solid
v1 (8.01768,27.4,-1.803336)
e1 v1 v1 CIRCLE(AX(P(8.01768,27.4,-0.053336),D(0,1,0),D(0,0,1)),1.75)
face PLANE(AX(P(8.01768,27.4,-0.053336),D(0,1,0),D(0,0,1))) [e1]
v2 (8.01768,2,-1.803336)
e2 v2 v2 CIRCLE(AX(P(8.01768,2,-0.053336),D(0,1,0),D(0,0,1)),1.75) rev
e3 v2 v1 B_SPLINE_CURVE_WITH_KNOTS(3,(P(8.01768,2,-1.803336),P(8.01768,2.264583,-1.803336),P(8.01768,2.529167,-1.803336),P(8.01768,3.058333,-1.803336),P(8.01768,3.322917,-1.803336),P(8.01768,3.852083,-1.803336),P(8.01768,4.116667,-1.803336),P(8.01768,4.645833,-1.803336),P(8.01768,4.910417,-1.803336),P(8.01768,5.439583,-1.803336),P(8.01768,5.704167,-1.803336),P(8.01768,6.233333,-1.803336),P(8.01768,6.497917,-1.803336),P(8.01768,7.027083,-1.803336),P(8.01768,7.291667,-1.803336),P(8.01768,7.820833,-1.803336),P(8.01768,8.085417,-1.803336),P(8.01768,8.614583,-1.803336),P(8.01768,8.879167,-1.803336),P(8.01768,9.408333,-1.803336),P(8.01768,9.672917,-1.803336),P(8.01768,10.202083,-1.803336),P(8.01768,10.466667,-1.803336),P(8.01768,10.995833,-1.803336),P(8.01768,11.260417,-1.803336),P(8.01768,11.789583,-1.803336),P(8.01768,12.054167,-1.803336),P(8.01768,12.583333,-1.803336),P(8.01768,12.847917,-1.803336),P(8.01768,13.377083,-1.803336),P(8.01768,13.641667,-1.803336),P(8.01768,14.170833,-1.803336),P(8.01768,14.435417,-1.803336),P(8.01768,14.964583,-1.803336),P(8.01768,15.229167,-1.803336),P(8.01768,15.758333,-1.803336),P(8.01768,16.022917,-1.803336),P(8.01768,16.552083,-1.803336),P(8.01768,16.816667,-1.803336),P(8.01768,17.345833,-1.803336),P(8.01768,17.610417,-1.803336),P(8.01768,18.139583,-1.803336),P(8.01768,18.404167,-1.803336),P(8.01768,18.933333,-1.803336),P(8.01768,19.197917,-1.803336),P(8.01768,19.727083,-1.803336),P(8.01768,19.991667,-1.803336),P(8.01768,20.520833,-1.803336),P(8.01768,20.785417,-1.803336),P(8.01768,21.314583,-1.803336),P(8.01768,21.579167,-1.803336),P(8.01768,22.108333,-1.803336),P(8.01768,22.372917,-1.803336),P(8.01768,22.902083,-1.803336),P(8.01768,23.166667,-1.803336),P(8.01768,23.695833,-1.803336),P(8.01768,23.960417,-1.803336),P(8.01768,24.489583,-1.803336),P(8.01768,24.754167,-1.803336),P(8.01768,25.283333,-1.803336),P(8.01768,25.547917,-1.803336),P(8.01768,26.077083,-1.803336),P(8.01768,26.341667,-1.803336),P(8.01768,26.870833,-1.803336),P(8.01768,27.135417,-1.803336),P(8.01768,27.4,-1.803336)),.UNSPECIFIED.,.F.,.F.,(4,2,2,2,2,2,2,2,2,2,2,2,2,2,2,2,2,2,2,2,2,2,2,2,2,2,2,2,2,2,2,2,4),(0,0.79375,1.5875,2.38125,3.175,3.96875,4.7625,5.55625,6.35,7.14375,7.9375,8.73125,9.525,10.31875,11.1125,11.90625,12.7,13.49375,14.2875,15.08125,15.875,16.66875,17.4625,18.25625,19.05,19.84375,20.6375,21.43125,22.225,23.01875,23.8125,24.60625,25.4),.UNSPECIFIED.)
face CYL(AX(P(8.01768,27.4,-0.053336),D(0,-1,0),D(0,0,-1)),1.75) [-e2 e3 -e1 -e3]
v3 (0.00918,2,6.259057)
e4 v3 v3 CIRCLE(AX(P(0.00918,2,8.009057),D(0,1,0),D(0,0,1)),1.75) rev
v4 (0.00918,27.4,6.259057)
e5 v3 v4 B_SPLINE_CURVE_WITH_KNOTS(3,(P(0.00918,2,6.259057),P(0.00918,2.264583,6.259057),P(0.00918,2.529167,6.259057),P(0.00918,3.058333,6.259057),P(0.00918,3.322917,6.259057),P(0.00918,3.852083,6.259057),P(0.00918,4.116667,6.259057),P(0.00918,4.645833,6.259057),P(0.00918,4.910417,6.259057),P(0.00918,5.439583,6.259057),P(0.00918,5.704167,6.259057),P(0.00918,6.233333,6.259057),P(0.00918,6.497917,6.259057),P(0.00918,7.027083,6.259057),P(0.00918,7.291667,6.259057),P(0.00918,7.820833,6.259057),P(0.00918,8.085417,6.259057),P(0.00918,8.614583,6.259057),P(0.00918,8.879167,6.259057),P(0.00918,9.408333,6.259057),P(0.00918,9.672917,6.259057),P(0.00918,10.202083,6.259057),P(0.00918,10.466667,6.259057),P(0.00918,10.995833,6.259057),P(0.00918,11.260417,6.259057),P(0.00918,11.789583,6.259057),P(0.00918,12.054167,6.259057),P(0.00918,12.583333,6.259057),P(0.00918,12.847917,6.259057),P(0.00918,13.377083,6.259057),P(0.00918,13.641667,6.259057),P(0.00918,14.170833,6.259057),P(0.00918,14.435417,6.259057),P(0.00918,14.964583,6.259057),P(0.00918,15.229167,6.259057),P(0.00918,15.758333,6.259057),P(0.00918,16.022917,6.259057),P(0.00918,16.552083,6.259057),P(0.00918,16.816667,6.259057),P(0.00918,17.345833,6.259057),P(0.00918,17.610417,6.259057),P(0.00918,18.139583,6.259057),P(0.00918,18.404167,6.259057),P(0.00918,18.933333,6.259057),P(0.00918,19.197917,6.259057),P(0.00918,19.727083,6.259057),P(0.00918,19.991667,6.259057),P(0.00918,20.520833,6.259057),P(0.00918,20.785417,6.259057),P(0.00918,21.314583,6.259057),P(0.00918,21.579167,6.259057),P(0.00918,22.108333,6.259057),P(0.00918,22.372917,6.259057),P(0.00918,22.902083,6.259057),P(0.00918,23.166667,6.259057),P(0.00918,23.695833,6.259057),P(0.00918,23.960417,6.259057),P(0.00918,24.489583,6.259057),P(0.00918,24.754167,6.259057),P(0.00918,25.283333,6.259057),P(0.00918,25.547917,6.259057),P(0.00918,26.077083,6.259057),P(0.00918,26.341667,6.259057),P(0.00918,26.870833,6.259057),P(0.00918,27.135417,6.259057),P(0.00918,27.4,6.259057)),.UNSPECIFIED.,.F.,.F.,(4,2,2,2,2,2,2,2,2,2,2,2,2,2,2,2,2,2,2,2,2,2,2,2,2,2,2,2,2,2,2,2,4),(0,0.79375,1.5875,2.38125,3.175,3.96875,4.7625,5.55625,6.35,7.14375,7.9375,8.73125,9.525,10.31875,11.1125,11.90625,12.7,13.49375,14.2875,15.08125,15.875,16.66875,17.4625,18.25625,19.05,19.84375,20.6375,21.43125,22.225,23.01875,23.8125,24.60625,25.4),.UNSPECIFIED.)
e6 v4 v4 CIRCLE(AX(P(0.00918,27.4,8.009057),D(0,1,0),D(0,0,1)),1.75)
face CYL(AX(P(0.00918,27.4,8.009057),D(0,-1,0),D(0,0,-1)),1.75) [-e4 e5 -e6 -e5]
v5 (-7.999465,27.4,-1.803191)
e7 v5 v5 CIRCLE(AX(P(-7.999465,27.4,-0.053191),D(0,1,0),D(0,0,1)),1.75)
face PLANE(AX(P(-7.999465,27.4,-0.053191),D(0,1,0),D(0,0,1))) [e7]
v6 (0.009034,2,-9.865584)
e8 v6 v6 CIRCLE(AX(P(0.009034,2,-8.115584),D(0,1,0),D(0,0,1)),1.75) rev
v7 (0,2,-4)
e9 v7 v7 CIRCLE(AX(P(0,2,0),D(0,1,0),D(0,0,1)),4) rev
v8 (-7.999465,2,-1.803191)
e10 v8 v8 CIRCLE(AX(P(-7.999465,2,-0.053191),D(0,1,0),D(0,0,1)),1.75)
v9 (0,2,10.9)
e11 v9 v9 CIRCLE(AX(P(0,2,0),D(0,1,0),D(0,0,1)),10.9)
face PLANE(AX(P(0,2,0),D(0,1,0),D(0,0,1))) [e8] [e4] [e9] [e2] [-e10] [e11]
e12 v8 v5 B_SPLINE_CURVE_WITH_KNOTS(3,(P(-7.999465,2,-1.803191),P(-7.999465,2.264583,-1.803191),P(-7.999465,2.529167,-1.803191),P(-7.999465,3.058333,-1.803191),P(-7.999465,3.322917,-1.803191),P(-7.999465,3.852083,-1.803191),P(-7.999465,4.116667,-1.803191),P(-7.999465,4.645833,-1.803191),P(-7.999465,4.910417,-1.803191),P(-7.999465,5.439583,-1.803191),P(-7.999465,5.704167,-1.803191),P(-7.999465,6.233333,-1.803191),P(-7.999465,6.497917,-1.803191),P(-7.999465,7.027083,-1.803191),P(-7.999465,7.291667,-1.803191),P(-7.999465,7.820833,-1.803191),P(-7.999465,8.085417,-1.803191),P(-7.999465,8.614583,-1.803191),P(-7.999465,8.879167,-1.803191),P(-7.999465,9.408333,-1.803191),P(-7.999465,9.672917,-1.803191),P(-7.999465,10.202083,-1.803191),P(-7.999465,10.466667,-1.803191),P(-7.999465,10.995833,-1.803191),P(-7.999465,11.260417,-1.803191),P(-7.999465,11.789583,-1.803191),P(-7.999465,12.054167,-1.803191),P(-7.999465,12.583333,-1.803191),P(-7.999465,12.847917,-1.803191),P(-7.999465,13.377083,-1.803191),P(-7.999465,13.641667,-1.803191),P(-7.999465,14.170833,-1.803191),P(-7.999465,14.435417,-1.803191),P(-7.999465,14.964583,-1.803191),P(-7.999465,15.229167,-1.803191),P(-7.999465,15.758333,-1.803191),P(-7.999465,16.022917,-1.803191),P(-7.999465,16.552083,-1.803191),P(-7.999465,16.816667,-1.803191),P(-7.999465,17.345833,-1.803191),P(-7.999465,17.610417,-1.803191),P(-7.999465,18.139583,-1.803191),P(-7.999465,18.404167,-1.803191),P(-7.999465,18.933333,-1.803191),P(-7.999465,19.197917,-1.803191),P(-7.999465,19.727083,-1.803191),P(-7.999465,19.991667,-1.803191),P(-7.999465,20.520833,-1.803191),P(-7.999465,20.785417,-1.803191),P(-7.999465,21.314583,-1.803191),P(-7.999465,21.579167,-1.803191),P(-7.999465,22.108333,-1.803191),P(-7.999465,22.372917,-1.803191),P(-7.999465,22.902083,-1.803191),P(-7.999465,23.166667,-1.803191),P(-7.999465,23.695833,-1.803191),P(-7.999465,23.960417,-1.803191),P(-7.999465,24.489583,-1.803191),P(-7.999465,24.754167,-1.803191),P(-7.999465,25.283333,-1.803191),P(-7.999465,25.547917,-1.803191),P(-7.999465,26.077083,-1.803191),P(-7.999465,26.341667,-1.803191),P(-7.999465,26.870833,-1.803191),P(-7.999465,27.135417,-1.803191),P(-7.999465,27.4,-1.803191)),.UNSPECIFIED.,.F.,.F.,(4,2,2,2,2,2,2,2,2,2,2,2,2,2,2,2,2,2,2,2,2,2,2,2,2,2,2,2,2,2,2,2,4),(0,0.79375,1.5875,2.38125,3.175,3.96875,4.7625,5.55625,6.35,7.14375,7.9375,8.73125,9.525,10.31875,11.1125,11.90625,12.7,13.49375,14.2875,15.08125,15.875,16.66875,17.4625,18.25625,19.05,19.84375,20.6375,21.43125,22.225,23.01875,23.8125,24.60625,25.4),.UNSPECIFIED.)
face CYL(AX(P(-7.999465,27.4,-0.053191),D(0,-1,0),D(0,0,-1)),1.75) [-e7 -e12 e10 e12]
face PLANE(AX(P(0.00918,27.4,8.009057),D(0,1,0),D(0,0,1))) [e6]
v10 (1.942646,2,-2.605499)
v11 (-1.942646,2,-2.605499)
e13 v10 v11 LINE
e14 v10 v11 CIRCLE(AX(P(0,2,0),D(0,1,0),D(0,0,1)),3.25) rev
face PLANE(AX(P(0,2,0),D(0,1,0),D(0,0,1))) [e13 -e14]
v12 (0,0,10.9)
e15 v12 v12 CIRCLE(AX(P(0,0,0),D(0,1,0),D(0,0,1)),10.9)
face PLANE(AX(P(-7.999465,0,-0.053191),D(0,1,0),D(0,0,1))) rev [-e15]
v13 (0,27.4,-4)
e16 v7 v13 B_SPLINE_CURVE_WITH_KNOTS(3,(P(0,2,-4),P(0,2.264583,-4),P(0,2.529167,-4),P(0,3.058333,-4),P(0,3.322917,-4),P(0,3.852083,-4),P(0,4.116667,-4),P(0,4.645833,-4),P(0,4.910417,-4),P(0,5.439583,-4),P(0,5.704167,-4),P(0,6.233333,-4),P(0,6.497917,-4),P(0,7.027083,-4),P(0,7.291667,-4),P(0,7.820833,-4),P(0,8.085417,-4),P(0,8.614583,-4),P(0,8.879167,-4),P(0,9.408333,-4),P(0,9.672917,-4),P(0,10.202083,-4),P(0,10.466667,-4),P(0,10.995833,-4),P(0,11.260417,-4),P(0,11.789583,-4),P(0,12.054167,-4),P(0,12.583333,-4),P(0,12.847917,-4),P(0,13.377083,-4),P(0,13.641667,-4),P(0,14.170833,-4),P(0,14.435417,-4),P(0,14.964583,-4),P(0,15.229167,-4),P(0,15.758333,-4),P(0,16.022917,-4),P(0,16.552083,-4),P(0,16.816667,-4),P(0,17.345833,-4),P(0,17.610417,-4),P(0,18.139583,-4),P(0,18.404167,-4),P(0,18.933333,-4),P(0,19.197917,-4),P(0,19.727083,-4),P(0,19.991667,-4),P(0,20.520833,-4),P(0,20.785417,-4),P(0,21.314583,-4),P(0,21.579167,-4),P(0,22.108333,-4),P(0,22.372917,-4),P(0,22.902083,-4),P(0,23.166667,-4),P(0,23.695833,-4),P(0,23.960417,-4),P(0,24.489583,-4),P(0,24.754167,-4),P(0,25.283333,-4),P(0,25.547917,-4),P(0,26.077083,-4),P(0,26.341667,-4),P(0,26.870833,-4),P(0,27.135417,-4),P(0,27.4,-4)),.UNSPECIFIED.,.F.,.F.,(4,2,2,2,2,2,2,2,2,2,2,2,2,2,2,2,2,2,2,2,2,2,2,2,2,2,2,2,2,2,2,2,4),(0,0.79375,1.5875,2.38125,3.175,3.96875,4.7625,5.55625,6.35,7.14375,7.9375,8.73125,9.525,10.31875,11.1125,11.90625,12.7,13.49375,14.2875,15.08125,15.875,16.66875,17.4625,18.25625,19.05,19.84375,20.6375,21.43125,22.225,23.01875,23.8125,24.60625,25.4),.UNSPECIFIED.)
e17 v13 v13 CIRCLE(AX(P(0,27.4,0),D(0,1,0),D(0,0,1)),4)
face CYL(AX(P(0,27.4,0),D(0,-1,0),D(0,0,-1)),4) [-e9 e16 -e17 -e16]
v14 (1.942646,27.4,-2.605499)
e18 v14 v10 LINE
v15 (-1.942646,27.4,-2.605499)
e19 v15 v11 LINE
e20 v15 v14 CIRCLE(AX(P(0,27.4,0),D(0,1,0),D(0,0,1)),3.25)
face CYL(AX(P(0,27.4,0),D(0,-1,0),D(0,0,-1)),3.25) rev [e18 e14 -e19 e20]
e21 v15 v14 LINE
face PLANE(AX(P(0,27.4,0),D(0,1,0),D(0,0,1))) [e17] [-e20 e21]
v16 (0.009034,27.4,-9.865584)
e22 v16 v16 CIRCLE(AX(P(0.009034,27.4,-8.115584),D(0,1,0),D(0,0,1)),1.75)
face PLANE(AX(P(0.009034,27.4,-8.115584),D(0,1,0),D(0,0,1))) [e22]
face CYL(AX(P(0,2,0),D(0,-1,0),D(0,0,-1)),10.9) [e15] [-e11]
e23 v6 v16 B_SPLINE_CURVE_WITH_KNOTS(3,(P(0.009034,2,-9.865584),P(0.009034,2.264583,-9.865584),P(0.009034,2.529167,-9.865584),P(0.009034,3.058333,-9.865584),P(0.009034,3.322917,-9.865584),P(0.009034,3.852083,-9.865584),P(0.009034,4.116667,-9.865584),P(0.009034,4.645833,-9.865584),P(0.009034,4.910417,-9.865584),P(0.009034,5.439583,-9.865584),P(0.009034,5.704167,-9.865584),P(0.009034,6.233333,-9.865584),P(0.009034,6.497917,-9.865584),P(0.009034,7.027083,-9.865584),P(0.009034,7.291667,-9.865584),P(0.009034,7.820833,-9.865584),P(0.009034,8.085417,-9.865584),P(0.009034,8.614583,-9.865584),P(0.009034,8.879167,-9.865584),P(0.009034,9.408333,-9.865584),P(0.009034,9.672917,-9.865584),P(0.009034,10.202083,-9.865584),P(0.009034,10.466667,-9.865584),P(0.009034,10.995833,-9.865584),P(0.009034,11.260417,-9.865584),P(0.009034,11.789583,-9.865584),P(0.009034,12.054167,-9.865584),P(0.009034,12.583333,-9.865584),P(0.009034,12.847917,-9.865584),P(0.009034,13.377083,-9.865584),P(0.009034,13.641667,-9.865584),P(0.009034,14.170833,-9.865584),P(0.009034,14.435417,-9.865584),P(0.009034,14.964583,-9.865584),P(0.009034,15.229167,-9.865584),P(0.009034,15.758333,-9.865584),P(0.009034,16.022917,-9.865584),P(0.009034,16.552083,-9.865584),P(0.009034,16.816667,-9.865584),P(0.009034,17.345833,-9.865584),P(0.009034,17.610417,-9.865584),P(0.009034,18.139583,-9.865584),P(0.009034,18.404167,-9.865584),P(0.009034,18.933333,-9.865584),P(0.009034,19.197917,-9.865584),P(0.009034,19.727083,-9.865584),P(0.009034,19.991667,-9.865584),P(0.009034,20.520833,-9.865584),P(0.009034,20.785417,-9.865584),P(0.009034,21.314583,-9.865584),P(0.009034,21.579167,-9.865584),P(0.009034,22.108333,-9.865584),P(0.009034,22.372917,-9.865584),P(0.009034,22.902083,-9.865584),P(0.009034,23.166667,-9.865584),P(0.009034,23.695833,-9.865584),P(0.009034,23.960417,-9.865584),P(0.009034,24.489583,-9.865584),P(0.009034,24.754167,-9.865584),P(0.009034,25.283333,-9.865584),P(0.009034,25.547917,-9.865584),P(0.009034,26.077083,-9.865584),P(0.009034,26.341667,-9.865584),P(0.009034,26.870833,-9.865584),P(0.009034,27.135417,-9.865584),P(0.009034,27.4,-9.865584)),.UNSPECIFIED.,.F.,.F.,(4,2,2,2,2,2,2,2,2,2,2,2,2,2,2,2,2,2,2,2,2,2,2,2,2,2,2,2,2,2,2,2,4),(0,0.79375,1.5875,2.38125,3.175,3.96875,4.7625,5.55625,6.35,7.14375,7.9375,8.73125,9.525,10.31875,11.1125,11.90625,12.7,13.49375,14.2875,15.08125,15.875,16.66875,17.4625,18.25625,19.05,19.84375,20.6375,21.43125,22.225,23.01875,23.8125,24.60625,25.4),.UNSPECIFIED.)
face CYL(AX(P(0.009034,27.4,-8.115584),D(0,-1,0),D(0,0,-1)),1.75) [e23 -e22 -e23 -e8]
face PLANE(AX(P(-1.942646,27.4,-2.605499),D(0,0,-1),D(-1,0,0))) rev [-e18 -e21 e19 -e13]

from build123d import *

# Parameters (mm, degrees)
SKETCH3_R             = 1.75
BOSS_EXTRUDE1_DEPTH   = 27.4
BOSS_EXTRUDE1_2_DEPTH = 27.4
BOSS_EXTRUDE1_3_DEPTH = 27.4
BOSS_EXTRUDE1_4_DEPTH = 27.4
SKETCH3_R_2           = 4
BOSS_EXTRUDE1_5_DEPTH = 27.4
SKETCH3_17_R          = 10.9
BOSS_EXTRUDE2_DEPTH   = 2


with BuildPart() as part:
    # Sketch3 → Boss-Extrude1 (new body)
    with BuildSketch(Plane(origin=(0, 0, 0), x_dir=(1, 0, 0), z_dir=(0, 1, 0))):
        with Locations((0.009034474, 8.115584077)):
            Circle(SKETCH3_R)
    extrude(amount=BOSS_EXTRUDE1_DEPTH)



with BuildPart() as body_2:
    # Sketch3 → Boss-Extrude1 2 (new body)
    with BuildSketch(Plane(origin=(0, 0, 0), x_dir=(1, 0, 0), z_dir=(0, 1, 0))):
        with Locations((8.017679827, 0.053335715)):
            Circle(SKETCH3_R)
    extrude(amount=BOSS_EXTRUDE1_2_DEPTH)


with BuildPart() as body_3:
    # Sketch3 → Boss-Extrude1 3 (new body)
    with BuildSketch(Plane(origin=(0, 0, 0), x_dir=(1, 0, 0), z_dir=(0, 1, 0))):
        with Locations((0.009179949, -8.009057152)):
            Circle(SKETCH3_R)
    extrude(amount=BOSS_EXTRUDE1_3_DEPTH)


with BuildPart() as body_4:
    # Sketch3 → Boss-Extrude1 4 (new body)
    with BuildSketch(Plane(origin=(0, 0, 0), x_dir=(1, 0, 0), z_dir=(0, 1, 0))):
        with Locations((-7.999465404, 0.05319121)):
            Circle(SKETCH3_R)
    extrude(amount=BOSS_EXTRUDE1_4_DEPTH)


with BuildPart() as body_5:
    # Sketch3 → Boss-Extrude1 5 (new body)
    with BuildSketch(Plane(origin=(0, 0, 0), x_dir=(1, 0, 0), z_dir=(0, 1, 0))):
        Circle(SKETCH3_R_2)
        with BuildLine():
            Line((-1.942645776, 2.605499451), (1.942645776, 2.605499451))
            ThreePointArc((1.942645776, 2.605499451), (0, -3.25), (-1.942645776, 2.605499451))
        make_face(mode=Mode.SUBTRACT)
    extrude(amount=BOSS_EXTRUDE1_5_DEPTH)


with BuildPart() as part_1:
    add(part.part)

    add(body_2.part)  # Boss-Extrude2 merges body 2

    add(body_3.part)  # Boss-Extrude2 merges body 3

    add(body_4.part)  # Boss-Extrude2 merges body 4

    add(body_5.part)  # Boss-Extrude2 merges body 5
    # Sketch3<17> → Boss-Extrude2 (add)
    with BuildSketch(Plane(origin=(0, 0, 0), x_dir=(1, 0, 0), z_dir=(0, 1, 0))):
        Circle(SKETCH3_17_R)
    extrude(amount=BOSS_EXTRUDE2_DEPTH)


solid = part_1.part
